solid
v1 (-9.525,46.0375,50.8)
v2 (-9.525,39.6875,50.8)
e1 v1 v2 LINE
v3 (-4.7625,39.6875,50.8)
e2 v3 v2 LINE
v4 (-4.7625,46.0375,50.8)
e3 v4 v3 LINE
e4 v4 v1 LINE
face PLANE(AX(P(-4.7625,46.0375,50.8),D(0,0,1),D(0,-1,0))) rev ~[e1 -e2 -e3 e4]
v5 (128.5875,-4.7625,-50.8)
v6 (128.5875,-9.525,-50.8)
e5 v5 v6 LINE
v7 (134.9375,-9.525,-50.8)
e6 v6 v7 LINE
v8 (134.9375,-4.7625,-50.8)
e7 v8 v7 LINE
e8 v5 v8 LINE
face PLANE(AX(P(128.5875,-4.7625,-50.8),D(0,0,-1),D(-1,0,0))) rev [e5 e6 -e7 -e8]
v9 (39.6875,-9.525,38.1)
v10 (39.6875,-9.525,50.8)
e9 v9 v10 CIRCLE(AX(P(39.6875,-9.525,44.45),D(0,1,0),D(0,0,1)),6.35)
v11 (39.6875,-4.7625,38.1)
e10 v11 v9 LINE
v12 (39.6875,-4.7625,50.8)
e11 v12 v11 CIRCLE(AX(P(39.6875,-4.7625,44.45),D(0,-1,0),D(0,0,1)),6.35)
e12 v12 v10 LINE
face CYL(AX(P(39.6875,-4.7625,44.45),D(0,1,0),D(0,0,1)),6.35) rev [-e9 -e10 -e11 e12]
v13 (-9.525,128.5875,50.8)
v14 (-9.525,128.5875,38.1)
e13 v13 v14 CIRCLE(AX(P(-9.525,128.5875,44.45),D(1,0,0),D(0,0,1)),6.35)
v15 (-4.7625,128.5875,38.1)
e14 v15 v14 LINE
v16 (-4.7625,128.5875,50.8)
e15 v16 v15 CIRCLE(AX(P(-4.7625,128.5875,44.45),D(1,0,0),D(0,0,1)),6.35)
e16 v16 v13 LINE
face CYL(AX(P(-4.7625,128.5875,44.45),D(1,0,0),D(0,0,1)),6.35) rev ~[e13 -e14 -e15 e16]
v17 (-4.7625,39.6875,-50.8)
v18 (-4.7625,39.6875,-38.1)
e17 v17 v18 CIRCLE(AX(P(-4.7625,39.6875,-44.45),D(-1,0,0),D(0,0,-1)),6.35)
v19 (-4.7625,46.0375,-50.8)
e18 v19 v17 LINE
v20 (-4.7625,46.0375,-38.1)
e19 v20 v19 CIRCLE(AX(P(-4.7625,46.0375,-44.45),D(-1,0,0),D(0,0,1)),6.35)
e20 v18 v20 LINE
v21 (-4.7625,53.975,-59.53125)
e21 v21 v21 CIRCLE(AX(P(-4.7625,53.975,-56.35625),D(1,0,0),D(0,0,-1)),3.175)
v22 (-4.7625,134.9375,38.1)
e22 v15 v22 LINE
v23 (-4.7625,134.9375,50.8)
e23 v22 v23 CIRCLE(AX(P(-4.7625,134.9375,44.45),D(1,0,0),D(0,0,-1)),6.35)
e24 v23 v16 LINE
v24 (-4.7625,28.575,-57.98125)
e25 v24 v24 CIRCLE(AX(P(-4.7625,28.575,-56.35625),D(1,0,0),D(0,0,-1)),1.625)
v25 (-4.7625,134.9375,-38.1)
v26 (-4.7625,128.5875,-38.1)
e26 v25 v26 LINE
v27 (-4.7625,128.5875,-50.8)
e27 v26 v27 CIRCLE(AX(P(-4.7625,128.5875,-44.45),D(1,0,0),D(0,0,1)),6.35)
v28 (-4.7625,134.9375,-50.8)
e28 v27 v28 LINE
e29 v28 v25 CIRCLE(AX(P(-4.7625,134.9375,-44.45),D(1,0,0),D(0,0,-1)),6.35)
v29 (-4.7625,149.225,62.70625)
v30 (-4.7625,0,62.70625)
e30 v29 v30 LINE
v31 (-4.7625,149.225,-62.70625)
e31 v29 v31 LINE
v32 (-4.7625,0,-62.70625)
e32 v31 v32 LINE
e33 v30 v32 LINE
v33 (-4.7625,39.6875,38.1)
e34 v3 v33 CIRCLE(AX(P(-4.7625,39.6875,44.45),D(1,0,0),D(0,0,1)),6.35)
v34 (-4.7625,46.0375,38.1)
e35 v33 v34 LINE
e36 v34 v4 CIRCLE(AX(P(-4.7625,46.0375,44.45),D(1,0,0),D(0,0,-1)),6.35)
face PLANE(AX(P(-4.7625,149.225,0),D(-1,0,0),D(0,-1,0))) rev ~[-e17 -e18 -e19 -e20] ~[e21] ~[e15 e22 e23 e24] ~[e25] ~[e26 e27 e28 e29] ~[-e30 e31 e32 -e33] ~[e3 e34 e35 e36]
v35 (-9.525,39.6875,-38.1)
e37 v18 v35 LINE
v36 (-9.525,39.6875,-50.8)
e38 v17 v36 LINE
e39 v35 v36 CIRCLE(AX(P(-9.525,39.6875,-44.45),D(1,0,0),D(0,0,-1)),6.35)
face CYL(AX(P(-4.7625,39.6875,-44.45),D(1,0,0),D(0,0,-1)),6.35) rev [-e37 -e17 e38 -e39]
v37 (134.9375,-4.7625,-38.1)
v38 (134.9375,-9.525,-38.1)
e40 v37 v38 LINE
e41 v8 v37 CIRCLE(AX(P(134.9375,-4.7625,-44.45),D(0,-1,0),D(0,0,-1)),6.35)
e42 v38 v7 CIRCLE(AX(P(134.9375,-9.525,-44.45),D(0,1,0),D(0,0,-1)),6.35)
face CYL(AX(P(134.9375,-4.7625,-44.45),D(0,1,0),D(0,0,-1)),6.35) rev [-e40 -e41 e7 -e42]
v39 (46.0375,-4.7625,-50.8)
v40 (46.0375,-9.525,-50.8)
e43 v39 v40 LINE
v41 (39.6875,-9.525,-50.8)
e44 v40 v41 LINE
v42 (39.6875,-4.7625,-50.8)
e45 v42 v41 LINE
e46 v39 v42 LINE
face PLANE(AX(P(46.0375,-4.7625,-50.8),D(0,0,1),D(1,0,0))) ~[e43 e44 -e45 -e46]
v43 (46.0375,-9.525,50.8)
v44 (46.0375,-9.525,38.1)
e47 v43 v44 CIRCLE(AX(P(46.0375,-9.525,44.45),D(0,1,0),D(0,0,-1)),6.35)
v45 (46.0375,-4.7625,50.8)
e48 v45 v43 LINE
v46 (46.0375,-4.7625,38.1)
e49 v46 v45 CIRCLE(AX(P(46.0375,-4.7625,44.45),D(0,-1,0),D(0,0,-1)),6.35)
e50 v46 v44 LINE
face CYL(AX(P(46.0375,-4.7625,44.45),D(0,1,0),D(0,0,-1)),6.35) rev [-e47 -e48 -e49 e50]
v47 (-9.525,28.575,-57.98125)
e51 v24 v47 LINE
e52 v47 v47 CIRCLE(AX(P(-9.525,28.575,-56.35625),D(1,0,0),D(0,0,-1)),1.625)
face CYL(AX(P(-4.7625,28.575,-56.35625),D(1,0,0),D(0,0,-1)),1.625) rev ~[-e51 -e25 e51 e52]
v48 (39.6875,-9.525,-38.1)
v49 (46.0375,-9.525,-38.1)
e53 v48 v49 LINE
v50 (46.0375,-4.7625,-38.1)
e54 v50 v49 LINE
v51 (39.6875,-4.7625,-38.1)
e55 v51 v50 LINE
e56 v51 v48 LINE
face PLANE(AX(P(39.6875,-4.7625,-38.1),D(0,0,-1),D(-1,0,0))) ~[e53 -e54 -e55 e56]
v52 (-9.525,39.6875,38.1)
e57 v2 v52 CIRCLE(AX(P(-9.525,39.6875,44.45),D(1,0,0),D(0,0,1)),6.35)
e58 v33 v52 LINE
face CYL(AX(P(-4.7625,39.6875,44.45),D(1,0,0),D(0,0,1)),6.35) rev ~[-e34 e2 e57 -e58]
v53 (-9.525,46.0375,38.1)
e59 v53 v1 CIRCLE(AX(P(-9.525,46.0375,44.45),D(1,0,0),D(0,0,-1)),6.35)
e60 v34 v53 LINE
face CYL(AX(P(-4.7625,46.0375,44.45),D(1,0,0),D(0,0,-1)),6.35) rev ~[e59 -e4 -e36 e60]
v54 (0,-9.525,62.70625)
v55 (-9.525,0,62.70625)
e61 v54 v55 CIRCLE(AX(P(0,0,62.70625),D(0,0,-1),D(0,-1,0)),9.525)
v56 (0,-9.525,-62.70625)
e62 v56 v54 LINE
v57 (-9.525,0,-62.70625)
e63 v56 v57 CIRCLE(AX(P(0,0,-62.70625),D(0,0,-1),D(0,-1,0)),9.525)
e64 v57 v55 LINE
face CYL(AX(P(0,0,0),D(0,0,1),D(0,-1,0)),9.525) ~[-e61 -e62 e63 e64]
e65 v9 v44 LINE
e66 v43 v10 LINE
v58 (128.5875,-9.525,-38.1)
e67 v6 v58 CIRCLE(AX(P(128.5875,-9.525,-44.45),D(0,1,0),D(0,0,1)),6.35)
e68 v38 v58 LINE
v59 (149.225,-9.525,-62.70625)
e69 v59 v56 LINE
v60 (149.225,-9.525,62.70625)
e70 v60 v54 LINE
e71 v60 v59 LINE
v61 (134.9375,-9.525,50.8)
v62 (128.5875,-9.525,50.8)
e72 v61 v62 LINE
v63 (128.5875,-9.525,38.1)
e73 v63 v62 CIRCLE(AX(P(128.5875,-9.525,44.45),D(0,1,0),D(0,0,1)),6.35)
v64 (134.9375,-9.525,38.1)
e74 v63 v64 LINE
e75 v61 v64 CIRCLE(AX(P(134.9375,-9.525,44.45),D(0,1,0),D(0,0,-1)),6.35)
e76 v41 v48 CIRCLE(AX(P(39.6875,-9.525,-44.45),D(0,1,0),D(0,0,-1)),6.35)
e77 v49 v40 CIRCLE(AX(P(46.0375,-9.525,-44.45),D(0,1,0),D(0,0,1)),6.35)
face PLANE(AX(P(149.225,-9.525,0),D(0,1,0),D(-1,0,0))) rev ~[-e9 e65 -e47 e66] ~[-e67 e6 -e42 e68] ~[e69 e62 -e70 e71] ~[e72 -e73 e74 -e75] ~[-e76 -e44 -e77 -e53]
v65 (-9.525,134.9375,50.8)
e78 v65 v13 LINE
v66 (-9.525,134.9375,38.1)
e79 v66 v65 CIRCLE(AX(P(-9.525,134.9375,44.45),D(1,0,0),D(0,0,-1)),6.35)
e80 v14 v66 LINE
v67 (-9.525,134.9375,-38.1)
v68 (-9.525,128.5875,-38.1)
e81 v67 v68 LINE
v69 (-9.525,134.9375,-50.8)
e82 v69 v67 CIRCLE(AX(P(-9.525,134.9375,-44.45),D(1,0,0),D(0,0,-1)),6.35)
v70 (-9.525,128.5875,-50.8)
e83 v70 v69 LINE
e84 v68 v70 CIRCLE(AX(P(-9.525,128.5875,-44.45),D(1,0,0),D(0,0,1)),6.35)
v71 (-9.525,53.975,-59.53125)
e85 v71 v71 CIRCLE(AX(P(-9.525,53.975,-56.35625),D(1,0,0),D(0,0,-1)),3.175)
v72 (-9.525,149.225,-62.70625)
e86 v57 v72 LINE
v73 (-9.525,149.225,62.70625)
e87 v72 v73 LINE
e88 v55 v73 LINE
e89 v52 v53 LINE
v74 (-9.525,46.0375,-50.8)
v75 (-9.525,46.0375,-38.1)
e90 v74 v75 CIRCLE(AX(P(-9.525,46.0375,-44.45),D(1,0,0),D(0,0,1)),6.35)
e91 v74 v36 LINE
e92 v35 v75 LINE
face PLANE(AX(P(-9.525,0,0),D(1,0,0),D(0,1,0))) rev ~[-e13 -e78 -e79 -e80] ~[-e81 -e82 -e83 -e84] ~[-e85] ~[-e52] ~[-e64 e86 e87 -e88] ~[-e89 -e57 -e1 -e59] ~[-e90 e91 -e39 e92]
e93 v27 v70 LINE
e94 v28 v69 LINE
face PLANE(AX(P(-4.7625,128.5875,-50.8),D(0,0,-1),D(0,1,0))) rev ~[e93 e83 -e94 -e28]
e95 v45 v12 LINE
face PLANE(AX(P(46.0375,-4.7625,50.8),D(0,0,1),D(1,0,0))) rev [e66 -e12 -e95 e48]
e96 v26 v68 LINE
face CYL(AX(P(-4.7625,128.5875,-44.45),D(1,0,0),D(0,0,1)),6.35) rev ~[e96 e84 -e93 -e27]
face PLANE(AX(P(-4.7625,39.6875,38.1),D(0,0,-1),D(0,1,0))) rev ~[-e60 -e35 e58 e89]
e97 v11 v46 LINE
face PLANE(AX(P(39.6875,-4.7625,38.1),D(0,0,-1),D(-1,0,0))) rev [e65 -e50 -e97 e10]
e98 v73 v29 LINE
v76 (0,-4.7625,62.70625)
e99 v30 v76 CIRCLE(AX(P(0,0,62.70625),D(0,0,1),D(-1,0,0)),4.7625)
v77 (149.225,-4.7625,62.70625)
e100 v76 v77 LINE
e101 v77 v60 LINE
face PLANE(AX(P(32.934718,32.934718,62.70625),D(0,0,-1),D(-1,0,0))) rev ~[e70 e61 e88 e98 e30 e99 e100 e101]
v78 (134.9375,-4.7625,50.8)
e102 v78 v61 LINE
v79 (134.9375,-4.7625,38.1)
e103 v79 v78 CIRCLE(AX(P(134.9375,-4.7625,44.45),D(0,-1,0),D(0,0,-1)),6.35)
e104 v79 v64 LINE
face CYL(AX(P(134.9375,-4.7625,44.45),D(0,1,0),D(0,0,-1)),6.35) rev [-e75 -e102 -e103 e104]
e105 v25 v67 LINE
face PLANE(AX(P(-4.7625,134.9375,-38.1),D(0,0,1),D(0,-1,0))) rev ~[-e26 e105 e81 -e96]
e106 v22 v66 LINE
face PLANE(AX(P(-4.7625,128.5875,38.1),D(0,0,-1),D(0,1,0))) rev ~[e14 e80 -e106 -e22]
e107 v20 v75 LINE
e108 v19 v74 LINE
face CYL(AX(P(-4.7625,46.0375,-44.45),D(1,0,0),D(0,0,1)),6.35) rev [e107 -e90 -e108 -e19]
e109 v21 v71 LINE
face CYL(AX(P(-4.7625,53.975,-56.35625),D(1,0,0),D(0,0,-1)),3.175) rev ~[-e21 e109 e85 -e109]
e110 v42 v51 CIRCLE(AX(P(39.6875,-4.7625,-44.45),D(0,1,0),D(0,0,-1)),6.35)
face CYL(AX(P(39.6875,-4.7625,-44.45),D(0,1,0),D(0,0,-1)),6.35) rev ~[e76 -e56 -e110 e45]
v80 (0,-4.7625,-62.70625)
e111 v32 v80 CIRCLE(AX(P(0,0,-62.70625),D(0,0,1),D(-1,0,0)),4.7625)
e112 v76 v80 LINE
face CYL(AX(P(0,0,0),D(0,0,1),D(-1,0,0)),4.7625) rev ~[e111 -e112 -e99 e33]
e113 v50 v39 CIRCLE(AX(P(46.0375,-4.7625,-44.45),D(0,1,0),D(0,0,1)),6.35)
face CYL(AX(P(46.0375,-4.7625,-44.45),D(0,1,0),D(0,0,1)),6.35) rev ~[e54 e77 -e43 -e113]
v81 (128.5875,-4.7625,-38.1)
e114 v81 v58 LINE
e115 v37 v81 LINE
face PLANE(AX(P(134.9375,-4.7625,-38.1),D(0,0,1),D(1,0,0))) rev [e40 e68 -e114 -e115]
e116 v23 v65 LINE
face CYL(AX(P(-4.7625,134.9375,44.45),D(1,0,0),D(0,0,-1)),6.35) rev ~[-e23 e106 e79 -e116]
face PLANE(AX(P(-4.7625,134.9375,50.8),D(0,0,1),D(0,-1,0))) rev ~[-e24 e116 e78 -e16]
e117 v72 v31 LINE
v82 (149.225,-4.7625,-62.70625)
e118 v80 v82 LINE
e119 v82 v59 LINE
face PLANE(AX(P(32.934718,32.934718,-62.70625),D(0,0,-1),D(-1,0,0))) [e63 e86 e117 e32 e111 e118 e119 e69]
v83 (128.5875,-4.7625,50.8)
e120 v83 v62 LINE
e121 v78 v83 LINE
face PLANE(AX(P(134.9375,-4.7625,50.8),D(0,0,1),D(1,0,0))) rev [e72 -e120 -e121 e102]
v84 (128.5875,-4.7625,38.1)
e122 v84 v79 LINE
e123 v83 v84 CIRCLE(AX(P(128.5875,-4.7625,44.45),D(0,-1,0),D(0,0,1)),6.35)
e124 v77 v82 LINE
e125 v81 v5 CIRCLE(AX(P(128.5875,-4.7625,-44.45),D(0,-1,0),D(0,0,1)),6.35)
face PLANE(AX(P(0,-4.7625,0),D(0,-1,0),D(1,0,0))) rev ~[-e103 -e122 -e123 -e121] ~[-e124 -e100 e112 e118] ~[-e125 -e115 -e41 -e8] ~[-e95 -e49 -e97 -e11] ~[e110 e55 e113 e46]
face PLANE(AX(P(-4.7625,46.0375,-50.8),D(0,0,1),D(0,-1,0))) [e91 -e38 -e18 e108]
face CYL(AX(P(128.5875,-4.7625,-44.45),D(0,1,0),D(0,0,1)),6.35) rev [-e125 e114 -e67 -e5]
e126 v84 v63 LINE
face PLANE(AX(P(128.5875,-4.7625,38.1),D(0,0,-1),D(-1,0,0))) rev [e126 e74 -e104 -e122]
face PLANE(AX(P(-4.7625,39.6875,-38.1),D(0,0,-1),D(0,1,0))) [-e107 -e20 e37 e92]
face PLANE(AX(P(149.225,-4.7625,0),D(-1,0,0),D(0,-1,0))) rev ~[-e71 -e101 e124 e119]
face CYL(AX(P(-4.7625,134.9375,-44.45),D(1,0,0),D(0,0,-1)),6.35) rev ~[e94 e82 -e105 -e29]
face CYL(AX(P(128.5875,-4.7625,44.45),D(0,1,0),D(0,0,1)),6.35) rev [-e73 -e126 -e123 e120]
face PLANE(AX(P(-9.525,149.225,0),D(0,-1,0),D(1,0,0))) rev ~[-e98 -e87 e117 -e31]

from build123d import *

# Parameters (mm, degrees)
BOSS_EXTRUDE1_DEPTH = 62.70625
CUT_EXTRUDE1_DEPTH  = 224.410663511
SKETCH3_R           = 1.625
SKETCH3_R_2         = 3.175
CUT_EXTRUDE2_DEPTH  = 224.410663511


with BuildPart() as part:
    # Sketch1 → Boss-Extrude1 (new, symmetric)
    with BuildSketch(Plane.XY):
        with BuildLine():
            Line((-9.525, 149.225), (-4.7625, 149.225))
            Line((-4.7625, 149.225), (-4.7625, 0))
            ThreePointArc((-4.7625, 0), (-3.367596045, -3.367596045), (0, -4.7625))
            Line((0, -4.7625), (149.225, -4.7625))
            Line((149.225, -4.7625), (149.225, -9.525))
            Line((149.225, -9.525), (0, -9.525))
            ThreePointArc((0, -9.525), (-6.735192091, -6.735192091), (-9.525, 0))
            Line((-9.525, 0), (-9.525, 149.225))
        make_face()
    extrude(amount=BOSS_EXTRUDE1_DEPTH, both=True)

    # Sketch2 → Cut-Extrude1 (cut, through all)
    with BuildSketch(Plane(origin=(-4.7625, 0, 0), x_dir=(0, 0, -1), z_dir=(1, 0, 0))):
        with BuildLine():
            Line((-50.8, 134.9375), (-50.8, 128.5875))
            ThreePointArc((-50.8, 128.5875), (-44.45, 122.2375), (-38.1, 128.5875))
            Line((-38.1, 128.5875), (-38.1, 134.9375))
            ThreePointArc((-38.1, 134.9375), (-44.45, 141.2875), (-50.8, 134.9375))
        make_face()
        with BuildLine():
            Line((-50.8, 46.0375), (-50.8, 39.6875))
            ThreePointArc((-50.8, 39.6875), (-44.45, 33.3375), (-38.1, 39.6875))
            Line((-38.1, 39.6875), (-38.1, 46.0375))
            ThreePointArc((-38.1, 46.0375), (-44.45, 52.3875), (-50.8, 46.0375))
        make_face()
        with BuildLine():
            Line((38.1, 39.6875), (38.1, 46.0375))
            ThreePointArc((38.1, 46.0375), (44.45, 52.3875), (50.8, 46.0375))
            Line((50.8, 46.0375), (50.8, 39.6875))
            ThreePointArc((50.8, 39.6875), (44.45, 33.3375), (38.1, 39.6875))
        make_face()
        with BuildLine():
            Line((38.1, 134.9375), (38.1, 128.5875))
            ThreePointArc((38.1, 128.5875), (44.45, 122.2375), (50.8, 128.5875))
            Line((50.8, 128.5875), (50.8, 134.9375))
            ThreePointArc((50.8, 134.9375), (44.45, 141.2875), (38.1, 134.9375))
        make_face()
    cut_extrude1 = extrude(amount=-CUT_EXTRUDE1_DEPTH, mode=Mode.SUBTRACT)

    # Mirror1: Cut-Extrude1 across plane
    add(cut_extrude1.mirror(Plane(origin=(0, 0, 0), x_dir=(0, 0, 1), z_dir=(0.7071067811865475, -0.7071067811865476, 0))), mode=Mode.SUBTRACT)

    # Sketch3 → Cut-Extrude2 (cut, through all)
    with BuildSketch(Plane(origin=(-4.7625, 0, 0), x_dir=(0, 0, -1), z_dir=(1, 0, 0))):
        with Locations((56.35625, 28.575)):
            Circle(SKETCH3_R)
        with Locations((56.35625, 53.975)):
            Circle(SKETCH3_R_2)
    extrude(amount=-CUT_EXTRUDE2_DEPTH, mode=Mode.SUBTRACT)


solid = part.part
